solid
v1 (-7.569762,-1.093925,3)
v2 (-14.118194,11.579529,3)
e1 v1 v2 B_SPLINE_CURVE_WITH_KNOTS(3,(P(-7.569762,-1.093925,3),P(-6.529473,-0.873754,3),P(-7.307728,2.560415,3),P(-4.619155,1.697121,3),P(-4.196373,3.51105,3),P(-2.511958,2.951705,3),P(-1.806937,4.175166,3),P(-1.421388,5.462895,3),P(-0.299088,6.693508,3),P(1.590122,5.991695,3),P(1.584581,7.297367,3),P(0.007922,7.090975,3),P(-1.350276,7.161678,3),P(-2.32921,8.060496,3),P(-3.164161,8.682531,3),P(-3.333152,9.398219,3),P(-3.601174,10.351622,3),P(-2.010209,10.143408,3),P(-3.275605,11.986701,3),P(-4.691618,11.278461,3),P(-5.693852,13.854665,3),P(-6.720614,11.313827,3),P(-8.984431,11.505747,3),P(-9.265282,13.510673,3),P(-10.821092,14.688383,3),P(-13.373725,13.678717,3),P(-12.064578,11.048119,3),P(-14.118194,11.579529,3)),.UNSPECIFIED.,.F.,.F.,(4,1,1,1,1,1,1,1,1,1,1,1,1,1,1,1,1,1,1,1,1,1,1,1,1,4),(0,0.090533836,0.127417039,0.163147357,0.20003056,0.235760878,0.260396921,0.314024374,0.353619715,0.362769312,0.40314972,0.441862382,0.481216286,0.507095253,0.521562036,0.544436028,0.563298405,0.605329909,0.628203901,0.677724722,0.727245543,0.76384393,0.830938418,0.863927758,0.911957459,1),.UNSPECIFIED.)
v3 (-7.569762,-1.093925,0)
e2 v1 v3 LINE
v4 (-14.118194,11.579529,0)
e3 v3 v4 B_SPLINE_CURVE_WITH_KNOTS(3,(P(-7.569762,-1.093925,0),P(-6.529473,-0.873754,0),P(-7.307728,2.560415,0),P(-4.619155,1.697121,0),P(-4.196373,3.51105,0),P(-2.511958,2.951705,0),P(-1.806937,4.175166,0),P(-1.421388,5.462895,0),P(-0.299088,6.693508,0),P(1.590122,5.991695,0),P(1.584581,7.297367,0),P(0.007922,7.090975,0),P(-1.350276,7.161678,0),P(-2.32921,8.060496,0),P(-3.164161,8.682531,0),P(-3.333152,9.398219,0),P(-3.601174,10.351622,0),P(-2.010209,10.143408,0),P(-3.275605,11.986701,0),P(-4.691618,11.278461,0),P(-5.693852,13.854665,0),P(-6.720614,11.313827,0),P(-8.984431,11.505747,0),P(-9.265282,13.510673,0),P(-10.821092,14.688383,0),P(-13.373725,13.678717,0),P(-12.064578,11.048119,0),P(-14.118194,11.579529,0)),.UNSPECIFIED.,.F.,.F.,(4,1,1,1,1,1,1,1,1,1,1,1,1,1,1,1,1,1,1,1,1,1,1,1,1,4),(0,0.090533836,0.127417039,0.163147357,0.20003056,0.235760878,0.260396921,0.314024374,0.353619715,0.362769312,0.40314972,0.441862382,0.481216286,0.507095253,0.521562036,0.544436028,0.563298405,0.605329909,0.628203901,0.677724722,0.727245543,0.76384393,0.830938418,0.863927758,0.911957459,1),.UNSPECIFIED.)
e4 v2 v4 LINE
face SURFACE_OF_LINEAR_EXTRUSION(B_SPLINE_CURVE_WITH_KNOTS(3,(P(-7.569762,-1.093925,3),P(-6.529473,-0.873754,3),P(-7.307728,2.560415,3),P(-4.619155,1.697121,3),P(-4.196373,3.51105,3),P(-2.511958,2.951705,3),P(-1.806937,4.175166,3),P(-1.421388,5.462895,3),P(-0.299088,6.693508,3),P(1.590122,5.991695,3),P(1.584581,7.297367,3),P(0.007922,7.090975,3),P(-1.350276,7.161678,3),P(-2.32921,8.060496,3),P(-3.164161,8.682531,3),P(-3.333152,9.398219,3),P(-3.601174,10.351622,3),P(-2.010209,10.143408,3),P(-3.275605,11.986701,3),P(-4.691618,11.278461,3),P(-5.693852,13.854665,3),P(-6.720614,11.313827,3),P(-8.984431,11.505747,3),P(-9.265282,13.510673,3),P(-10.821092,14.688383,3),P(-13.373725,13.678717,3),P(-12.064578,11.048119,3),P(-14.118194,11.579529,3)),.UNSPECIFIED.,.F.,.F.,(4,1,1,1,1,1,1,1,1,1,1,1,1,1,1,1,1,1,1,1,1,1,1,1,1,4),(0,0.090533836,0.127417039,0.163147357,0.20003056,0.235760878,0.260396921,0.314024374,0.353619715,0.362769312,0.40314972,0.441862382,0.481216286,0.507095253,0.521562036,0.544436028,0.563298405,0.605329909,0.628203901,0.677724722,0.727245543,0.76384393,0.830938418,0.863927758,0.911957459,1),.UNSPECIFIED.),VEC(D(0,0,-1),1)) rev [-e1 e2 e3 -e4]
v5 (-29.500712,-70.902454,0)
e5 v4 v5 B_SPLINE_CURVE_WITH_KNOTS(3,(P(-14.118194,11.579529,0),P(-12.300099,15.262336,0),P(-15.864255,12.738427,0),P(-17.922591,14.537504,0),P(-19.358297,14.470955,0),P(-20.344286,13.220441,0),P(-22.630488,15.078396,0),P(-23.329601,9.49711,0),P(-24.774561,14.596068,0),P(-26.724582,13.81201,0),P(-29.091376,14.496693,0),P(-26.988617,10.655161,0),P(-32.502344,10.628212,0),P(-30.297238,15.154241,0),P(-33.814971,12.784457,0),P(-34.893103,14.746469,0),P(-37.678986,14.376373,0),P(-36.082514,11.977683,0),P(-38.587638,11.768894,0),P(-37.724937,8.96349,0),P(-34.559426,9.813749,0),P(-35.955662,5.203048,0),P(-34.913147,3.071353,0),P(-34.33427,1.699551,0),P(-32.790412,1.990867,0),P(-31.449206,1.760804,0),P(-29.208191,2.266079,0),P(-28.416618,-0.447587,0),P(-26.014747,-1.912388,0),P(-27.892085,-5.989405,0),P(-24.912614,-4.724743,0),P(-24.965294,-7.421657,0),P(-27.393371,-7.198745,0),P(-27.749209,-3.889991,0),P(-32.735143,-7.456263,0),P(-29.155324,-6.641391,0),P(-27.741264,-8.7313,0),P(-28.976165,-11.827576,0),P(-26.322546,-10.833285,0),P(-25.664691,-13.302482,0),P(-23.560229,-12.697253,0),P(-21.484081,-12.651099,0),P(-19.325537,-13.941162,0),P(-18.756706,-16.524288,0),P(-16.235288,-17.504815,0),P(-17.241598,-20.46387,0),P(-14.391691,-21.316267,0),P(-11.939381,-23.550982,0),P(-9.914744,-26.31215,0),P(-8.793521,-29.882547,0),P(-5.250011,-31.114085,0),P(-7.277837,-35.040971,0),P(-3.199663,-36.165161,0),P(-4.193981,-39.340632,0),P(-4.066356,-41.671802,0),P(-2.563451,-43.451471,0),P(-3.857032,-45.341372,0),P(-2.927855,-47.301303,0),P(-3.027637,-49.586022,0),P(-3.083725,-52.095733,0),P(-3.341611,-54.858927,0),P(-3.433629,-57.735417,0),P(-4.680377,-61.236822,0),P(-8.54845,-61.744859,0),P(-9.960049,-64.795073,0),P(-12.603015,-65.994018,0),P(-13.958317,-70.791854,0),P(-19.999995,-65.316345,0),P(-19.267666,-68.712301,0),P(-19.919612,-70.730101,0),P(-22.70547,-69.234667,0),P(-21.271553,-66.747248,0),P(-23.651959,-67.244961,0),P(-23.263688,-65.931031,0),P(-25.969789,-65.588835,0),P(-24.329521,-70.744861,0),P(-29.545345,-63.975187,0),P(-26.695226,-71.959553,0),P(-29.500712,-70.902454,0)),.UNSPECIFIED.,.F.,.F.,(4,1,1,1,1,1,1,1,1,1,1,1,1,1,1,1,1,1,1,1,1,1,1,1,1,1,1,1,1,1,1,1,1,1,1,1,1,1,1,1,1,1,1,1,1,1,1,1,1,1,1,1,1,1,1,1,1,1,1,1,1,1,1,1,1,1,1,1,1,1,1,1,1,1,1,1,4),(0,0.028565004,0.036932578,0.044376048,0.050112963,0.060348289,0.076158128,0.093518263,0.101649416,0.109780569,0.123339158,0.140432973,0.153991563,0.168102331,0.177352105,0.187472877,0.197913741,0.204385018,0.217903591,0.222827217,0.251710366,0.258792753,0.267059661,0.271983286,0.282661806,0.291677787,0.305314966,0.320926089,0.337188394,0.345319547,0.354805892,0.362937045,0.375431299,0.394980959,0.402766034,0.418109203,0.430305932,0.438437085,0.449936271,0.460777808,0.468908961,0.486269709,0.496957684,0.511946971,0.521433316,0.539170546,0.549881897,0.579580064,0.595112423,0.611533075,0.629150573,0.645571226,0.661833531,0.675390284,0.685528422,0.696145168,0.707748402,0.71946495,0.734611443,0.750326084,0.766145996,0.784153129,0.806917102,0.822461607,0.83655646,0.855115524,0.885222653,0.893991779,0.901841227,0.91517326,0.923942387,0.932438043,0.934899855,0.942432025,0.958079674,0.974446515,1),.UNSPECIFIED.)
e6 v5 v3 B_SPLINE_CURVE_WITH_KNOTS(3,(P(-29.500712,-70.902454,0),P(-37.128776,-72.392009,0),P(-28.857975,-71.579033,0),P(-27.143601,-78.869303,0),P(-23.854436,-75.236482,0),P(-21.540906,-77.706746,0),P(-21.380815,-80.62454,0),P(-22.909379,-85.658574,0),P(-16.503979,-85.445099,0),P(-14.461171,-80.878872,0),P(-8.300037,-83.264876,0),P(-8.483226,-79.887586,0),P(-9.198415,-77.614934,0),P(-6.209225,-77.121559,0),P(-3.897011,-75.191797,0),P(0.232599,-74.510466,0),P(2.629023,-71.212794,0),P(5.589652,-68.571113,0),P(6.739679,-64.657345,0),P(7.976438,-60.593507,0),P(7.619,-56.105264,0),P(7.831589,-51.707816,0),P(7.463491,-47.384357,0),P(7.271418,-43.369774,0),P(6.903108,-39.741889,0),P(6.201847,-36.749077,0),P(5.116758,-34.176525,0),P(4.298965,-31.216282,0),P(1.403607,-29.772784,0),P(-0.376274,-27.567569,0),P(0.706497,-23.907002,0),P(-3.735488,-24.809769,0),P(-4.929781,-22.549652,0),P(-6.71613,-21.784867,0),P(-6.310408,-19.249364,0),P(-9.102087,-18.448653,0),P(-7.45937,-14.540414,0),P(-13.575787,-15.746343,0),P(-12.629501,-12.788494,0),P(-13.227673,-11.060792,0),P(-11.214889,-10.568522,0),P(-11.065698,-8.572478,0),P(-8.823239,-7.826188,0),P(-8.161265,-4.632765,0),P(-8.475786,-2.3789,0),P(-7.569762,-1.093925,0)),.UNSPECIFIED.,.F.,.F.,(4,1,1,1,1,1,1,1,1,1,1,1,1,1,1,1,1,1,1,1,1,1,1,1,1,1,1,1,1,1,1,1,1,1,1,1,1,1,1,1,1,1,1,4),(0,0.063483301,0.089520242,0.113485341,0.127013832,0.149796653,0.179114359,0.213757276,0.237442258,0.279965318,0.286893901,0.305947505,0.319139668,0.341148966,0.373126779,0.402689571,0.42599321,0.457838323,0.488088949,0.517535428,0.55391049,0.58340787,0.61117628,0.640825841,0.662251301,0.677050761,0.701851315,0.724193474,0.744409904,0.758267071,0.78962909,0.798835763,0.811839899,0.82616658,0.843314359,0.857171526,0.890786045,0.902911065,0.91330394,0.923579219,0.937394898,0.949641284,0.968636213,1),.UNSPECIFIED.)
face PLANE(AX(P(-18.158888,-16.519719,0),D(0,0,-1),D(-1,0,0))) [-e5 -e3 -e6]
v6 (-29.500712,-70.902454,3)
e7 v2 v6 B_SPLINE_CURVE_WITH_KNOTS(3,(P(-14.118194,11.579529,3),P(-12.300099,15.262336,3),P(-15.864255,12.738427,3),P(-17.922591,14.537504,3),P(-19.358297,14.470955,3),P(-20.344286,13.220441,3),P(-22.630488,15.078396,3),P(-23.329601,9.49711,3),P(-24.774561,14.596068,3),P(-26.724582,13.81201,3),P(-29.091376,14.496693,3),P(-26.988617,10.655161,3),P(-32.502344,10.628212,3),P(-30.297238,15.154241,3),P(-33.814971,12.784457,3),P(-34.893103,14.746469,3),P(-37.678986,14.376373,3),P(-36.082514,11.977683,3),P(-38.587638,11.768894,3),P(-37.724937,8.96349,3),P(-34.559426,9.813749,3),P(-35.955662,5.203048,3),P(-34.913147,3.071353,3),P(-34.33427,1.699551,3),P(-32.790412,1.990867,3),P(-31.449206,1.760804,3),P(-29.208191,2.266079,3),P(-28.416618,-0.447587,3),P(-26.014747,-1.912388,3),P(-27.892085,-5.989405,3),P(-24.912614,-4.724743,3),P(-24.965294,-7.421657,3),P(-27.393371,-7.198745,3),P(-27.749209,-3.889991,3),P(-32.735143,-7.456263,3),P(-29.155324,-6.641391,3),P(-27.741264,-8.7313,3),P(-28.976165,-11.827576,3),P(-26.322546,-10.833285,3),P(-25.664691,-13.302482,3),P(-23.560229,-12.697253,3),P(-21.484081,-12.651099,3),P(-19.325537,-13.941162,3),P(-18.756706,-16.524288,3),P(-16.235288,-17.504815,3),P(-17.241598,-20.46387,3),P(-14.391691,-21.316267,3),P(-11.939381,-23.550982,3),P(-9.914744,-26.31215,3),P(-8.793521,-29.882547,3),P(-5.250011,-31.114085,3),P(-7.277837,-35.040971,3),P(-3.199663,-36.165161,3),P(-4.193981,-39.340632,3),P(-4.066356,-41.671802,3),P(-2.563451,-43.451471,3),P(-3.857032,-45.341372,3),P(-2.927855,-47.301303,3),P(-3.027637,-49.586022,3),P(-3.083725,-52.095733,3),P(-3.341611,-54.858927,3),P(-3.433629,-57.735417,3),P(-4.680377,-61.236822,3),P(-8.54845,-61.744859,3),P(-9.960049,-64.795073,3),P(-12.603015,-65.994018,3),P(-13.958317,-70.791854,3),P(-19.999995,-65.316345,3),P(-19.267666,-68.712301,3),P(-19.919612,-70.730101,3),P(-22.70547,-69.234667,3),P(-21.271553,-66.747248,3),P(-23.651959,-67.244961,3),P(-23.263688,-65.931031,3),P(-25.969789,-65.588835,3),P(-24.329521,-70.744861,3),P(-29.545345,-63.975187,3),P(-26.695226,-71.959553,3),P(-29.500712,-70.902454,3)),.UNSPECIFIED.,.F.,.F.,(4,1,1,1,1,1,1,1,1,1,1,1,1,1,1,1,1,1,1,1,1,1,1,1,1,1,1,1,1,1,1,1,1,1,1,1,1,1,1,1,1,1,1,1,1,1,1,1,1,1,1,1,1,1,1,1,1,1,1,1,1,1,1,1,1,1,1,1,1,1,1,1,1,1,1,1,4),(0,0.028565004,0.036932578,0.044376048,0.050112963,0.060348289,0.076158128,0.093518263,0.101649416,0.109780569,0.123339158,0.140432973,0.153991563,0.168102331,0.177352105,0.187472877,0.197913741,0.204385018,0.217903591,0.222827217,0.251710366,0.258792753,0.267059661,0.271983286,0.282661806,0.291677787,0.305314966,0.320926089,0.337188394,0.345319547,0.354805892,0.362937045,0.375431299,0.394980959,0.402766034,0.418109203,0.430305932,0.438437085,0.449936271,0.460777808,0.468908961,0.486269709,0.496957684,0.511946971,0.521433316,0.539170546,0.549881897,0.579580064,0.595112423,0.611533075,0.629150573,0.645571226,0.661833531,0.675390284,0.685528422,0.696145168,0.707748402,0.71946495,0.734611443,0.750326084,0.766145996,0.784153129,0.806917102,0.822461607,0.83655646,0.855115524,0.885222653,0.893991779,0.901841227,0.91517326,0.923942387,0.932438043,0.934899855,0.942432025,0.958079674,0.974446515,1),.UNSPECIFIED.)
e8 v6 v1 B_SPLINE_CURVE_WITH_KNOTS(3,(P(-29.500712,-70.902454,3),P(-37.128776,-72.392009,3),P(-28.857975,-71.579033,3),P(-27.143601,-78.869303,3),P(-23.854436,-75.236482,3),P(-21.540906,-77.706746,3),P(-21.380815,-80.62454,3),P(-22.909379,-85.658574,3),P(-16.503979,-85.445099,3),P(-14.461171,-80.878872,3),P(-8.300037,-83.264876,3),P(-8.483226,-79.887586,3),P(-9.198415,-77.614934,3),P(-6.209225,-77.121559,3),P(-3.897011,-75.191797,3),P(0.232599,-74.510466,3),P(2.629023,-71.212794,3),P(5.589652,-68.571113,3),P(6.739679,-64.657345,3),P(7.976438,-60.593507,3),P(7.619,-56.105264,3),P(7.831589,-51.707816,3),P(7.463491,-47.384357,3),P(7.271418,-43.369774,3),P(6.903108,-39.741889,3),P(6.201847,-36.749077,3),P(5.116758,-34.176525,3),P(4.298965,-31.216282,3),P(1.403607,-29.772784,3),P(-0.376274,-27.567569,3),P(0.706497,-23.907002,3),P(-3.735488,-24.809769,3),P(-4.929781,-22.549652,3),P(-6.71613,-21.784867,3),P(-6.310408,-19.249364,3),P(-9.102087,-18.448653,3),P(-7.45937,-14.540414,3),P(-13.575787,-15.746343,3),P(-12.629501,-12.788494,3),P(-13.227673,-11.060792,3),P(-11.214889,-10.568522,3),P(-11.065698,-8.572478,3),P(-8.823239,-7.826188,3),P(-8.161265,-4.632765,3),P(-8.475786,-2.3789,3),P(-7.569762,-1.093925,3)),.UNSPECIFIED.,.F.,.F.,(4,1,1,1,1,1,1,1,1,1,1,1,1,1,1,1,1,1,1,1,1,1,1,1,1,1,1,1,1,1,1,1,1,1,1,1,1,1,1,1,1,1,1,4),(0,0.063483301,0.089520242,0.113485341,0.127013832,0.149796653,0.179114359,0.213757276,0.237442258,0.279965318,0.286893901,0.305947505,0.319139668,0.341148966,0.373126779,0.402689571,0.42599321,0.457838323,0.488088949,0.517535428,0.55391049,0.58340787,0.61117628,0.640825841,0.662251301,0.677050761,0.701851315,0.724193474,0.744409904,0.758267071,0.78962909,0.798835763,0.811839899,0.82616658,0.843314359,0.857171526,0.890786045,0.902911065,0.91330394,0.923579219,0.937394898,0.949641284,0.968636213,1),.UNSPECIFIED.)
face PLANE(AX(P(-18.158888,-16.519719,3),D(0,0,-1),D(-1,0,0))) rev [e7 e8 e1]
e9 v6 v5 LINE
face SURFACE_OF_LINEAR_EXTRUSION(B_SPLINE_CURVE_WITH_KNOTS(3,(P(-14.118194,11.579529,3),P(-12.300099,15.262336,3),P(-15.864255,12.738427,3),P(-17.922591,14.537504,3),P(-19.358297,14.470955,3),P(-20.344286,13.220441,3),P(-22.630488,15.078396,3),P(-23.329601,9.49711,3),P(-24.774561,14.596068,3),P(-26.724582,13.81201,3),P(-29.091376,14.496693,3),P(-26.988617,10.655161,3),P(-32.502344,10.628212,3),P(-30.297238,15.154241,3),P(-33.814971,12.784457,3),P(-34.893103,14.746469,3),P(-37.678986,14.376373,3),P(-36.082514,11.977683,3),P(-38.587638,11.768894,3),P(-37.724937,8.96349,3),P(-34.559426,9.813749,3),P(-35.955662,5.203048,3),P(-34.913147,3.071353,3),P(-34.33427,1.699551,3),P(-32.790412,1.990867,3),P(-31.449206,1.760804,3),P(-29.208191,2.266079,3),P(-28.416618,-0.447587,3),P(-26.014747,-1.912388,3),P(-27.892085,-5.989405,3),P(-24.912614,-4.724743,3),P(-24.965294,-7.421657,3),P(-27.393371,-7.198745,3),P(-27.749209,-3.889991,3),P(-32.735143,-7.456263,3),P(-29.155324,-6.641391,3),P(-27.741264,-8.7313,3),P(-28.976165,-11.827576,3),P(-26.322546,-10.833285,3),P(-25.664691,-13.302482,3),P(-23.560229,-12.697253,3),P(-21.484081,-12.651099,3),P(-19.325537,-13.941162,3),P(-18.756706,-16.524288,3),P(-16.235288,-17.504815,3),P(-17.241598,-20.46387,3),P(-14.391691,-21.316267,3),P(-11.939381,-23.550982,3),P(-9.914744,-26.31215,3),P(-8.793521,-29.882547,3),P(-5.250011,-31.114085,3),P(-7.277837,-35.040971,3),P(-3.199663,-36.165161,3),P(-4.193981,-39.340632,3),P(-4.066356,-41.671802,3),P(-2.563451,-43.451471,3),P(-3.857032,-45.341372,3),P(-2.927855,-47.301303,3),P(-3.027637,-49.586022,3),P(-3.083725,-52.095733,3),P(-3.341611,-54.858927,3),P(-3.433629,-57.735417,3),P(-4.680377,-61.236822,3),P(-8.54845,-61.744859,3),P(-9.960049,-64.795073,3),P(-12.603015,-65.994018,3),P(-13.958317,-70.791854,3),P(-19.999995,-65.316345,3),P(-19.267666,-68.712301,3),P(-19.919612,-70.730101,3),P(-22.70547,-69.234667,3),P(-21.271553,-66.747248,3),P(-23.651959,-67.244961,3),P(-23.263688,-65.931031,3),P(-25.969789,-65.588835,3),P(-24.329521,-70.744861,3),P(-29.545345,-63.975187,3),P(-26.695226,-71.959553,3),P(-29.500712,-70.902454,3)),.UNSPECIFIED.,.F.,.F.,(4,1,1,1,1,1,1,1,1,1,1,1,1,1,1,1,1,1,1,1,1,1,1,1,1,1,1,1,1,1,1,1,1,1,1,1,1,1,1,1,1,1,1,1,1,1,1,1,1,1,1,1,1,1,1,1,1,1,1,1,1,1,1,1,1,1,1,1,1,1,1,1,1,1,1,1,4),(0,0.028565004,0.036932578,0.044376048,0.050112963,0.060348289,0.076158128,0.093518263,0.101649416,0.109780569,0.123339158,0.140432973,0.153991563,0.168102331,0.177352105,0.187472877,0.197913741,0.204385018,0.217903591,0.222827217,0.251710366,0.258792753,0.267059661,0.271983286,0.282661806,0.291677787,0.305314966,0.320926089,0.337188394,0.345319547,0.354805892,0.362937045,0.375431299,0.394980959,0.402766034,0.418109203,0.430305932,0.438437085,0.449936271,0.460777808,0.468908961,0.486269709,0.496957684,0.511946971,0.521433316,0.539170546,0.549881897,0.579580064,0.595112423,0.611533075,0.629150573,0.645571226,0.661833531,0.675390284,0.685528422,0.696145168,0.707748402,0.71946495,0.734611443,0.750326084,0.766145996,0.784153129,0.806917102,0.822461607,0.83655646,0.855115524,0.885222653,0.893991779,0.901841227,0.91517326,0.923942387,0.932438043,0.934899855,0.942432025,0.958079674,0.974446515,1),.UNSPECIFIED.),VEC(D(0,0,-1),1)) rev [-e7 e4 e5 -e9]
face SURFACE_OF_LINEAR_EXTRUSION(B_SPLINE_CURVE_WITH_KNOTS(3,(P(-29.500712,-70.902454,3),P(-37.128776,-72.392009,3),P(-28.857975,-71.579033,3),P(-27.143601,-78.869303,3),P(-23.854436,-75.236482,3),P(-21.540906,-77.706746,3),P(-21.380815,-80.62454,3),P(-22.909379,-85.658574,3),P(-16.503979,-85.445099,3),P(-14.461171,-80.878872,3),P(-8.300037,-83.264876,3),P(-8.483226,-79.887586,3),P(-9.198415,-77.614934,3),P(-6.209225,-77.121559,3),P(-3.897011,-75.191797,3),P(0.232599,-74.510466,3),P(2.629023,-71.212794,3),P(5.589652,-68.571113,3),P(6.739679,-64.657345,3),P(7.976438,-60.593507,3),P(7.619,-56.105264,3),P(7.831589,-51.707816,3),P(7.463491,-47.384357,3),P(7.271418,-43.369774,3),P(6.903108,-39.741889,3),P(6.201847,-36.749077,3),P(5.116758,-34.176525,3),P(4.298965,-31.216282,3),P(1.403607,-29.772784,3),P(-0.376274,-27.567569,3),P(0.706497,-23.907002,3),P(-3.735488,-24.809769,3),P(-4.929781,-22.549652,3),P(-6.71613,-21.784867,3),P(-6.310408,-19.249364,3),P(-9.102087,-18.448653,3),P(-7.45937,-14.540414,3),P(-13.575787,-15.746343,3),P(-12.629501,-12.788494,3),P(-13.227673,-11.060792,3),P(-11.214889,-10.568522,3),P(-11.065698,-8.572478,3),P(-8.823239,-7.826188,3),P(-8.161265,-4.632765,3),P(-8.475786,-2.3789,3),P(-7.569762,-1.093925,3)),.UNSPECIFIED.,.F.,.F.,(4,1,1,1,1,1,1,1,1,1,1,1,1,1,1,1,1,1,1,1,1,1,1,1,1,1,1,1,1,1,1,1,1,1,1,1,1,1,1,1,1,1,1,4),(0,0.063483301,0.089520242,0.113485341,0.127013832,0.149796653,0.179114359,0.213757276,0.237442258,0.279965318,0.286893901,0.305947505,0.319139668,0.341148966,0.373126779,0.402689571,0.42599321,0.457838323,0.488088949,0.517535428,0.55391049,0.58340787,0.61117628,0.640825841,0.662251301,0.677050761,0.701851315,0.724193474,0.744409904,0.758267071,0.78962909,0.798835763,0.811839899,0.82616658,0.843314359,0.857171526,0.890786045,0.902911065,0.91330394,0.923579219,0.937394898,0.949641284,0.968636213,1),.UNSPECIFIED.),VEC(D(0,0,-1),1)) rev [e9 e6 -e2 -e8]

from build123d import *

# Parameters (mm, degrees)
BOSS_EXTRUDE3_DEPTH = 3


with BuildPart() as part:
    # Sketch1 → Boss-Extrude3 (new body)
    with BuildSketch(Plane.XY):
        with BuildLine():
            add(Edge.make_bspline(
                [(-14.118193872, 11.579528592), (-12.064577969, 11.048119495), (-13.373725021, 13.678716664), (-10.821091961, 14.688383102), (-9.265281705, 13.510673301), (-8.984431157, 11.505746809), (-6.720613973, 11.313826564), (-5.693851552, 13.854664763), (-4.691617847, 11.278460886), (-3.275605347, 11.986700955), (-2.010209092, 10.14340848), (-3.601173508, 10.35162152), (-3.333151996, 9.39821924), (-3.164160523, 8.682530519), (-2.32921031, 8.060495972), (-1.350276476, 7.161677527), (0.007921758, 7.090974698), (1.584581481, 7.29736686), (1.59012172, 5.991694705), (-0.29908845, 6.693508308), (-1.421388143, 5.462894623), (-1.806937276, 4.175166159), (-2.511957806, 2.951704716), (-4.196372852, 3.511049661), (-4.61915505, 1.697121261), (-7.307727959, 2.560415197), (-6.529472815, -0.873753772), (-7.569762142, -1.093924852)],
                knots=[0, 0, 0, 0, 0.088042541, 0.136072242, 0.169061582, 0.23615607, 0.272754457, 0.322275278, 0.371796099, 0.394670091, 0.436701595, 0.455563972, 0.478437964, 0.492904747, 0.518783714, 0.558137618, 0.59685028, 0.637230688, 0.646380285, 0.685975626, 0.739603079, 0.764239122, 0.79996944, 0.836852643, 0.872582961, 0.909466164, 1, 1, 1, 1], degree=3))
            add(Edge.make_bspline(
                [(-7.569762142, -1.093924852), (-8.475786159, -2.378900222), (-8.161265009, -4.632765331), (-8.823238605, -7.826188406), (-11.065697569, -8.572478478), (-11.214889036, -10.568521787), (-13.227672939, -11.060792316), (-12.629500853, -12.788494203), (-13.57578718, -15.746342659), (-7.459370387, -14.540413904), (-9.102086782, -18.448653391), (-6.310407673, -19.249364113), (-6.71612977, -21.784866931), (-4.929780818, -22.549651603), (-3.735487767, -24.809768975), (0.706497141, -23.907002365), (-0.376274318, -27.567568794), (1.403606591, -29.772784037), (4.298965152, -31.216281668), (5.116758177, -34.176524788), (6.201846984, -36.749076646), (6.903108059, -39.741889217), (7.27141769, -43.369773535), (7.463491201, -47.384357074), (7.831588996, -51.707816413), (7.619000328, -56.105263632), (7.976437823, -60.593507222), (6.739678699, -64.657344639), (5.589651535, -68.5711127), (2.629022627, -71.212794149), (0.232598788, -74.510465537), (-3.897010862, -75.191797355), (-6.20922497, -77.12155924), (-9.198415283, -77.614933855), (-8.483225605, -79.887585872), (-8.30003693, -83.264875566), (-14.461170599, -80.878871644), (-16.503979192, -85.445099081), (-22.909378632, -85.658573614), (-21.380815128, -80.624540264), (-21.540905665, -77.706746393), (-23.854436371, -75.236482381), (-27.143601046, -78.869302983), (-28.857974543, -71.579032798), (-37.128775875, -72.392008921), (-29.500712304, -70.902454317)],
                knots=[0, 0, 0, 0, 0.031363787, 0.050358716, 0.062605102, 0.076420781, 0.08669606, 0.097088935, 0.109213955, 0.142828474, 0.156685641, 0.17383342, 0.188160101, 0.201164237, 0.21037091, 0.241732929, 0.255590096, 0.275806526, 0.298148685, 0.322949239, 0.337748699, 0.359174159, 0.38882372, 0.41659213, 0.44608951, 0.482464572, 0.511911051, 0.542161677, 0.57400679, 0.597310429, 0.626873221, 0.658851034, 0.680860332, 0.694052495, 0.713106099, 0.720034682, 0.762557742, 0.786242724, 0.820885641, 0.850203347, 0.872986168, 0.886514659, 0.910479758, 0.936516699, 1, 1, 1, 1], degree=3))
            add(Edge.make_bspline(
                [(-29.500712304, -70.902454317), (-26.695226399, -71.959552993), (-29.545344559, -63.975187208), (-24.329520823, -70.744861297), (-25.969788884, -65.588834569), (-23.263688388, -65.931030683), (-23.651958808, -67.244960763), (-21.271552522, -66.747247594), (-22.705469882, -69.234667032), (-19.91961218, -70.730101228), (-19.26766567, -68.712300842), (-19.99999497, -65.316345107), (-13.958317442, -70.791853765), (-12.603014564, -65.994018196), (-9.960049228, -64.795072557), (-8.548449624, -61.744859046), (-4.680376729, -61.2368221), (-3.433628927, -57.735417421), (-3.341611382, -54.858927053), (-3.083725426, -52.095733382), (-3.0276371, -49.586022422), (-2.927855497, -47.301302776), (-3.857032471, -45.341372469), (-2.563451399, -43.4514711), (-4.066356148, -41.671801704), (-4.193980876, -39.340632424), (-3.1996631, -36.165160982), (-7.277836679, -35.040970515), (-5.250011224, -31.114085412), (-8.793521183, -29.882547205), (-9.914744264, -26.312149815), (-11.939380762, -23.550981643), (-14.39169055, -21.316266592), (-17.241597544, -20.463870358), (-16.235287644, -17.504815297), (-18.756705963, -16.524287784), (-19.325536726, -13.941161807), (-21.484081427, -12.651099197), (-23.560229236, -12.697252583), (-25.664690547, -13.302482401), (-26.32254569, -10.833284572), (-28.976165268, -11.827575538), (-27.741263672, -8.73129963), (-29.155324089, -6.64139109), (-32.73514277, -7.456262607), (-27.749208808, -3.889991126), (-27.393370714, -7.198744596), (-24.965293512, -7.421657038), (-24.912613785, -4.724743338), (-27.892084941, -5.989405033), (-26.014747193, -1.912387979), (-28.416618364, -0.44758734), (-29.208191182, 2.266078533), (-31.449206298, 1.760803658), (-32.790412096, 1.990866623), (-34.334269527, 1.699551239), (-34.91314654, 3.071353158), (-35.955662277, 5.203047758), (-34.559425783, 9.813749375), (-37.724936635, 8.963489861), (-38.587638107, 11.768894467), (-36.082514388, 11.977683159), (-37.678985657, 14.376372768), (-34.893102988, 14.746469277), (-33.814970962, 12.784457169), (-30.297238343, 15.154241067), (-32.502344013, 10.628211516), (-26.988616776, 10.655160568), (-29.091375919, 14.496692522), (-26.724582379, 13.812010115), (-24.774561214, 14.5960677), (-23.329600809, 9.497109549), (-22.630488184, 15.078396481), (-20.344285867, 13.220440582), (-19.358296585, 14.470954547), (-17.922590809, 14.537504282), (-15.864255195, 12.738427455), (-12.300099002, 15.262336229), (-14.118193872, 11.579528592)],
                knots=[0, 0, 0, 0, 0.025553485, 0.041920326, 0.057567975, 0.065100145, 0.067561957, 0.076057613, 0.08482674, 0.098158773, 0.106008221, 0.114777347, 0.144884476, 0.16344354, 0.177538393, 0.193082898, 0.215846871, 0.233854004, 0.249673916, 0.265388557, 0.28053505, 0.292251598, 0.303854832, 0.314471578, 0.324609716, 0.338166469, 0.354428774, 0.370849427, 0.388466925, 0.404887577, 0.420419936, 0.450118103, 0.460829454, 0.478566684, 0.488053029, 0.503042316, 0.513730291, 0.531091039, 0.539222192, 0.550063729, 0.561562915, 0.569694068, 0.581890797, 0.597233966, 0.605019041, 0.624568701, 0.637062955, 0.645194108, 0.654680453, 0.662811606, 0.679073911, 0.694685034, 0.708322213, 0.717338194, 0.728016714, 0.732940339, 0.741207247, 0.748289634, 0.777172783, 0.782096409, 0.795614982, 0.802086259, 0.812527123, 0.822647895, 0.831897669, 0.846008437, 0.859567027, 0.876660842, 0.890219431, 0.898350584, 0.906481737, 0.923841872, 0.939651711, 0.949887037, 0.955623952, 0.963067422, 0.971434996, 1, 1, 1, 1], degree=3))
        make_face()
    extrude(amount=BOSS_EXTRUDE3_DEPTH)


solid = part.part
